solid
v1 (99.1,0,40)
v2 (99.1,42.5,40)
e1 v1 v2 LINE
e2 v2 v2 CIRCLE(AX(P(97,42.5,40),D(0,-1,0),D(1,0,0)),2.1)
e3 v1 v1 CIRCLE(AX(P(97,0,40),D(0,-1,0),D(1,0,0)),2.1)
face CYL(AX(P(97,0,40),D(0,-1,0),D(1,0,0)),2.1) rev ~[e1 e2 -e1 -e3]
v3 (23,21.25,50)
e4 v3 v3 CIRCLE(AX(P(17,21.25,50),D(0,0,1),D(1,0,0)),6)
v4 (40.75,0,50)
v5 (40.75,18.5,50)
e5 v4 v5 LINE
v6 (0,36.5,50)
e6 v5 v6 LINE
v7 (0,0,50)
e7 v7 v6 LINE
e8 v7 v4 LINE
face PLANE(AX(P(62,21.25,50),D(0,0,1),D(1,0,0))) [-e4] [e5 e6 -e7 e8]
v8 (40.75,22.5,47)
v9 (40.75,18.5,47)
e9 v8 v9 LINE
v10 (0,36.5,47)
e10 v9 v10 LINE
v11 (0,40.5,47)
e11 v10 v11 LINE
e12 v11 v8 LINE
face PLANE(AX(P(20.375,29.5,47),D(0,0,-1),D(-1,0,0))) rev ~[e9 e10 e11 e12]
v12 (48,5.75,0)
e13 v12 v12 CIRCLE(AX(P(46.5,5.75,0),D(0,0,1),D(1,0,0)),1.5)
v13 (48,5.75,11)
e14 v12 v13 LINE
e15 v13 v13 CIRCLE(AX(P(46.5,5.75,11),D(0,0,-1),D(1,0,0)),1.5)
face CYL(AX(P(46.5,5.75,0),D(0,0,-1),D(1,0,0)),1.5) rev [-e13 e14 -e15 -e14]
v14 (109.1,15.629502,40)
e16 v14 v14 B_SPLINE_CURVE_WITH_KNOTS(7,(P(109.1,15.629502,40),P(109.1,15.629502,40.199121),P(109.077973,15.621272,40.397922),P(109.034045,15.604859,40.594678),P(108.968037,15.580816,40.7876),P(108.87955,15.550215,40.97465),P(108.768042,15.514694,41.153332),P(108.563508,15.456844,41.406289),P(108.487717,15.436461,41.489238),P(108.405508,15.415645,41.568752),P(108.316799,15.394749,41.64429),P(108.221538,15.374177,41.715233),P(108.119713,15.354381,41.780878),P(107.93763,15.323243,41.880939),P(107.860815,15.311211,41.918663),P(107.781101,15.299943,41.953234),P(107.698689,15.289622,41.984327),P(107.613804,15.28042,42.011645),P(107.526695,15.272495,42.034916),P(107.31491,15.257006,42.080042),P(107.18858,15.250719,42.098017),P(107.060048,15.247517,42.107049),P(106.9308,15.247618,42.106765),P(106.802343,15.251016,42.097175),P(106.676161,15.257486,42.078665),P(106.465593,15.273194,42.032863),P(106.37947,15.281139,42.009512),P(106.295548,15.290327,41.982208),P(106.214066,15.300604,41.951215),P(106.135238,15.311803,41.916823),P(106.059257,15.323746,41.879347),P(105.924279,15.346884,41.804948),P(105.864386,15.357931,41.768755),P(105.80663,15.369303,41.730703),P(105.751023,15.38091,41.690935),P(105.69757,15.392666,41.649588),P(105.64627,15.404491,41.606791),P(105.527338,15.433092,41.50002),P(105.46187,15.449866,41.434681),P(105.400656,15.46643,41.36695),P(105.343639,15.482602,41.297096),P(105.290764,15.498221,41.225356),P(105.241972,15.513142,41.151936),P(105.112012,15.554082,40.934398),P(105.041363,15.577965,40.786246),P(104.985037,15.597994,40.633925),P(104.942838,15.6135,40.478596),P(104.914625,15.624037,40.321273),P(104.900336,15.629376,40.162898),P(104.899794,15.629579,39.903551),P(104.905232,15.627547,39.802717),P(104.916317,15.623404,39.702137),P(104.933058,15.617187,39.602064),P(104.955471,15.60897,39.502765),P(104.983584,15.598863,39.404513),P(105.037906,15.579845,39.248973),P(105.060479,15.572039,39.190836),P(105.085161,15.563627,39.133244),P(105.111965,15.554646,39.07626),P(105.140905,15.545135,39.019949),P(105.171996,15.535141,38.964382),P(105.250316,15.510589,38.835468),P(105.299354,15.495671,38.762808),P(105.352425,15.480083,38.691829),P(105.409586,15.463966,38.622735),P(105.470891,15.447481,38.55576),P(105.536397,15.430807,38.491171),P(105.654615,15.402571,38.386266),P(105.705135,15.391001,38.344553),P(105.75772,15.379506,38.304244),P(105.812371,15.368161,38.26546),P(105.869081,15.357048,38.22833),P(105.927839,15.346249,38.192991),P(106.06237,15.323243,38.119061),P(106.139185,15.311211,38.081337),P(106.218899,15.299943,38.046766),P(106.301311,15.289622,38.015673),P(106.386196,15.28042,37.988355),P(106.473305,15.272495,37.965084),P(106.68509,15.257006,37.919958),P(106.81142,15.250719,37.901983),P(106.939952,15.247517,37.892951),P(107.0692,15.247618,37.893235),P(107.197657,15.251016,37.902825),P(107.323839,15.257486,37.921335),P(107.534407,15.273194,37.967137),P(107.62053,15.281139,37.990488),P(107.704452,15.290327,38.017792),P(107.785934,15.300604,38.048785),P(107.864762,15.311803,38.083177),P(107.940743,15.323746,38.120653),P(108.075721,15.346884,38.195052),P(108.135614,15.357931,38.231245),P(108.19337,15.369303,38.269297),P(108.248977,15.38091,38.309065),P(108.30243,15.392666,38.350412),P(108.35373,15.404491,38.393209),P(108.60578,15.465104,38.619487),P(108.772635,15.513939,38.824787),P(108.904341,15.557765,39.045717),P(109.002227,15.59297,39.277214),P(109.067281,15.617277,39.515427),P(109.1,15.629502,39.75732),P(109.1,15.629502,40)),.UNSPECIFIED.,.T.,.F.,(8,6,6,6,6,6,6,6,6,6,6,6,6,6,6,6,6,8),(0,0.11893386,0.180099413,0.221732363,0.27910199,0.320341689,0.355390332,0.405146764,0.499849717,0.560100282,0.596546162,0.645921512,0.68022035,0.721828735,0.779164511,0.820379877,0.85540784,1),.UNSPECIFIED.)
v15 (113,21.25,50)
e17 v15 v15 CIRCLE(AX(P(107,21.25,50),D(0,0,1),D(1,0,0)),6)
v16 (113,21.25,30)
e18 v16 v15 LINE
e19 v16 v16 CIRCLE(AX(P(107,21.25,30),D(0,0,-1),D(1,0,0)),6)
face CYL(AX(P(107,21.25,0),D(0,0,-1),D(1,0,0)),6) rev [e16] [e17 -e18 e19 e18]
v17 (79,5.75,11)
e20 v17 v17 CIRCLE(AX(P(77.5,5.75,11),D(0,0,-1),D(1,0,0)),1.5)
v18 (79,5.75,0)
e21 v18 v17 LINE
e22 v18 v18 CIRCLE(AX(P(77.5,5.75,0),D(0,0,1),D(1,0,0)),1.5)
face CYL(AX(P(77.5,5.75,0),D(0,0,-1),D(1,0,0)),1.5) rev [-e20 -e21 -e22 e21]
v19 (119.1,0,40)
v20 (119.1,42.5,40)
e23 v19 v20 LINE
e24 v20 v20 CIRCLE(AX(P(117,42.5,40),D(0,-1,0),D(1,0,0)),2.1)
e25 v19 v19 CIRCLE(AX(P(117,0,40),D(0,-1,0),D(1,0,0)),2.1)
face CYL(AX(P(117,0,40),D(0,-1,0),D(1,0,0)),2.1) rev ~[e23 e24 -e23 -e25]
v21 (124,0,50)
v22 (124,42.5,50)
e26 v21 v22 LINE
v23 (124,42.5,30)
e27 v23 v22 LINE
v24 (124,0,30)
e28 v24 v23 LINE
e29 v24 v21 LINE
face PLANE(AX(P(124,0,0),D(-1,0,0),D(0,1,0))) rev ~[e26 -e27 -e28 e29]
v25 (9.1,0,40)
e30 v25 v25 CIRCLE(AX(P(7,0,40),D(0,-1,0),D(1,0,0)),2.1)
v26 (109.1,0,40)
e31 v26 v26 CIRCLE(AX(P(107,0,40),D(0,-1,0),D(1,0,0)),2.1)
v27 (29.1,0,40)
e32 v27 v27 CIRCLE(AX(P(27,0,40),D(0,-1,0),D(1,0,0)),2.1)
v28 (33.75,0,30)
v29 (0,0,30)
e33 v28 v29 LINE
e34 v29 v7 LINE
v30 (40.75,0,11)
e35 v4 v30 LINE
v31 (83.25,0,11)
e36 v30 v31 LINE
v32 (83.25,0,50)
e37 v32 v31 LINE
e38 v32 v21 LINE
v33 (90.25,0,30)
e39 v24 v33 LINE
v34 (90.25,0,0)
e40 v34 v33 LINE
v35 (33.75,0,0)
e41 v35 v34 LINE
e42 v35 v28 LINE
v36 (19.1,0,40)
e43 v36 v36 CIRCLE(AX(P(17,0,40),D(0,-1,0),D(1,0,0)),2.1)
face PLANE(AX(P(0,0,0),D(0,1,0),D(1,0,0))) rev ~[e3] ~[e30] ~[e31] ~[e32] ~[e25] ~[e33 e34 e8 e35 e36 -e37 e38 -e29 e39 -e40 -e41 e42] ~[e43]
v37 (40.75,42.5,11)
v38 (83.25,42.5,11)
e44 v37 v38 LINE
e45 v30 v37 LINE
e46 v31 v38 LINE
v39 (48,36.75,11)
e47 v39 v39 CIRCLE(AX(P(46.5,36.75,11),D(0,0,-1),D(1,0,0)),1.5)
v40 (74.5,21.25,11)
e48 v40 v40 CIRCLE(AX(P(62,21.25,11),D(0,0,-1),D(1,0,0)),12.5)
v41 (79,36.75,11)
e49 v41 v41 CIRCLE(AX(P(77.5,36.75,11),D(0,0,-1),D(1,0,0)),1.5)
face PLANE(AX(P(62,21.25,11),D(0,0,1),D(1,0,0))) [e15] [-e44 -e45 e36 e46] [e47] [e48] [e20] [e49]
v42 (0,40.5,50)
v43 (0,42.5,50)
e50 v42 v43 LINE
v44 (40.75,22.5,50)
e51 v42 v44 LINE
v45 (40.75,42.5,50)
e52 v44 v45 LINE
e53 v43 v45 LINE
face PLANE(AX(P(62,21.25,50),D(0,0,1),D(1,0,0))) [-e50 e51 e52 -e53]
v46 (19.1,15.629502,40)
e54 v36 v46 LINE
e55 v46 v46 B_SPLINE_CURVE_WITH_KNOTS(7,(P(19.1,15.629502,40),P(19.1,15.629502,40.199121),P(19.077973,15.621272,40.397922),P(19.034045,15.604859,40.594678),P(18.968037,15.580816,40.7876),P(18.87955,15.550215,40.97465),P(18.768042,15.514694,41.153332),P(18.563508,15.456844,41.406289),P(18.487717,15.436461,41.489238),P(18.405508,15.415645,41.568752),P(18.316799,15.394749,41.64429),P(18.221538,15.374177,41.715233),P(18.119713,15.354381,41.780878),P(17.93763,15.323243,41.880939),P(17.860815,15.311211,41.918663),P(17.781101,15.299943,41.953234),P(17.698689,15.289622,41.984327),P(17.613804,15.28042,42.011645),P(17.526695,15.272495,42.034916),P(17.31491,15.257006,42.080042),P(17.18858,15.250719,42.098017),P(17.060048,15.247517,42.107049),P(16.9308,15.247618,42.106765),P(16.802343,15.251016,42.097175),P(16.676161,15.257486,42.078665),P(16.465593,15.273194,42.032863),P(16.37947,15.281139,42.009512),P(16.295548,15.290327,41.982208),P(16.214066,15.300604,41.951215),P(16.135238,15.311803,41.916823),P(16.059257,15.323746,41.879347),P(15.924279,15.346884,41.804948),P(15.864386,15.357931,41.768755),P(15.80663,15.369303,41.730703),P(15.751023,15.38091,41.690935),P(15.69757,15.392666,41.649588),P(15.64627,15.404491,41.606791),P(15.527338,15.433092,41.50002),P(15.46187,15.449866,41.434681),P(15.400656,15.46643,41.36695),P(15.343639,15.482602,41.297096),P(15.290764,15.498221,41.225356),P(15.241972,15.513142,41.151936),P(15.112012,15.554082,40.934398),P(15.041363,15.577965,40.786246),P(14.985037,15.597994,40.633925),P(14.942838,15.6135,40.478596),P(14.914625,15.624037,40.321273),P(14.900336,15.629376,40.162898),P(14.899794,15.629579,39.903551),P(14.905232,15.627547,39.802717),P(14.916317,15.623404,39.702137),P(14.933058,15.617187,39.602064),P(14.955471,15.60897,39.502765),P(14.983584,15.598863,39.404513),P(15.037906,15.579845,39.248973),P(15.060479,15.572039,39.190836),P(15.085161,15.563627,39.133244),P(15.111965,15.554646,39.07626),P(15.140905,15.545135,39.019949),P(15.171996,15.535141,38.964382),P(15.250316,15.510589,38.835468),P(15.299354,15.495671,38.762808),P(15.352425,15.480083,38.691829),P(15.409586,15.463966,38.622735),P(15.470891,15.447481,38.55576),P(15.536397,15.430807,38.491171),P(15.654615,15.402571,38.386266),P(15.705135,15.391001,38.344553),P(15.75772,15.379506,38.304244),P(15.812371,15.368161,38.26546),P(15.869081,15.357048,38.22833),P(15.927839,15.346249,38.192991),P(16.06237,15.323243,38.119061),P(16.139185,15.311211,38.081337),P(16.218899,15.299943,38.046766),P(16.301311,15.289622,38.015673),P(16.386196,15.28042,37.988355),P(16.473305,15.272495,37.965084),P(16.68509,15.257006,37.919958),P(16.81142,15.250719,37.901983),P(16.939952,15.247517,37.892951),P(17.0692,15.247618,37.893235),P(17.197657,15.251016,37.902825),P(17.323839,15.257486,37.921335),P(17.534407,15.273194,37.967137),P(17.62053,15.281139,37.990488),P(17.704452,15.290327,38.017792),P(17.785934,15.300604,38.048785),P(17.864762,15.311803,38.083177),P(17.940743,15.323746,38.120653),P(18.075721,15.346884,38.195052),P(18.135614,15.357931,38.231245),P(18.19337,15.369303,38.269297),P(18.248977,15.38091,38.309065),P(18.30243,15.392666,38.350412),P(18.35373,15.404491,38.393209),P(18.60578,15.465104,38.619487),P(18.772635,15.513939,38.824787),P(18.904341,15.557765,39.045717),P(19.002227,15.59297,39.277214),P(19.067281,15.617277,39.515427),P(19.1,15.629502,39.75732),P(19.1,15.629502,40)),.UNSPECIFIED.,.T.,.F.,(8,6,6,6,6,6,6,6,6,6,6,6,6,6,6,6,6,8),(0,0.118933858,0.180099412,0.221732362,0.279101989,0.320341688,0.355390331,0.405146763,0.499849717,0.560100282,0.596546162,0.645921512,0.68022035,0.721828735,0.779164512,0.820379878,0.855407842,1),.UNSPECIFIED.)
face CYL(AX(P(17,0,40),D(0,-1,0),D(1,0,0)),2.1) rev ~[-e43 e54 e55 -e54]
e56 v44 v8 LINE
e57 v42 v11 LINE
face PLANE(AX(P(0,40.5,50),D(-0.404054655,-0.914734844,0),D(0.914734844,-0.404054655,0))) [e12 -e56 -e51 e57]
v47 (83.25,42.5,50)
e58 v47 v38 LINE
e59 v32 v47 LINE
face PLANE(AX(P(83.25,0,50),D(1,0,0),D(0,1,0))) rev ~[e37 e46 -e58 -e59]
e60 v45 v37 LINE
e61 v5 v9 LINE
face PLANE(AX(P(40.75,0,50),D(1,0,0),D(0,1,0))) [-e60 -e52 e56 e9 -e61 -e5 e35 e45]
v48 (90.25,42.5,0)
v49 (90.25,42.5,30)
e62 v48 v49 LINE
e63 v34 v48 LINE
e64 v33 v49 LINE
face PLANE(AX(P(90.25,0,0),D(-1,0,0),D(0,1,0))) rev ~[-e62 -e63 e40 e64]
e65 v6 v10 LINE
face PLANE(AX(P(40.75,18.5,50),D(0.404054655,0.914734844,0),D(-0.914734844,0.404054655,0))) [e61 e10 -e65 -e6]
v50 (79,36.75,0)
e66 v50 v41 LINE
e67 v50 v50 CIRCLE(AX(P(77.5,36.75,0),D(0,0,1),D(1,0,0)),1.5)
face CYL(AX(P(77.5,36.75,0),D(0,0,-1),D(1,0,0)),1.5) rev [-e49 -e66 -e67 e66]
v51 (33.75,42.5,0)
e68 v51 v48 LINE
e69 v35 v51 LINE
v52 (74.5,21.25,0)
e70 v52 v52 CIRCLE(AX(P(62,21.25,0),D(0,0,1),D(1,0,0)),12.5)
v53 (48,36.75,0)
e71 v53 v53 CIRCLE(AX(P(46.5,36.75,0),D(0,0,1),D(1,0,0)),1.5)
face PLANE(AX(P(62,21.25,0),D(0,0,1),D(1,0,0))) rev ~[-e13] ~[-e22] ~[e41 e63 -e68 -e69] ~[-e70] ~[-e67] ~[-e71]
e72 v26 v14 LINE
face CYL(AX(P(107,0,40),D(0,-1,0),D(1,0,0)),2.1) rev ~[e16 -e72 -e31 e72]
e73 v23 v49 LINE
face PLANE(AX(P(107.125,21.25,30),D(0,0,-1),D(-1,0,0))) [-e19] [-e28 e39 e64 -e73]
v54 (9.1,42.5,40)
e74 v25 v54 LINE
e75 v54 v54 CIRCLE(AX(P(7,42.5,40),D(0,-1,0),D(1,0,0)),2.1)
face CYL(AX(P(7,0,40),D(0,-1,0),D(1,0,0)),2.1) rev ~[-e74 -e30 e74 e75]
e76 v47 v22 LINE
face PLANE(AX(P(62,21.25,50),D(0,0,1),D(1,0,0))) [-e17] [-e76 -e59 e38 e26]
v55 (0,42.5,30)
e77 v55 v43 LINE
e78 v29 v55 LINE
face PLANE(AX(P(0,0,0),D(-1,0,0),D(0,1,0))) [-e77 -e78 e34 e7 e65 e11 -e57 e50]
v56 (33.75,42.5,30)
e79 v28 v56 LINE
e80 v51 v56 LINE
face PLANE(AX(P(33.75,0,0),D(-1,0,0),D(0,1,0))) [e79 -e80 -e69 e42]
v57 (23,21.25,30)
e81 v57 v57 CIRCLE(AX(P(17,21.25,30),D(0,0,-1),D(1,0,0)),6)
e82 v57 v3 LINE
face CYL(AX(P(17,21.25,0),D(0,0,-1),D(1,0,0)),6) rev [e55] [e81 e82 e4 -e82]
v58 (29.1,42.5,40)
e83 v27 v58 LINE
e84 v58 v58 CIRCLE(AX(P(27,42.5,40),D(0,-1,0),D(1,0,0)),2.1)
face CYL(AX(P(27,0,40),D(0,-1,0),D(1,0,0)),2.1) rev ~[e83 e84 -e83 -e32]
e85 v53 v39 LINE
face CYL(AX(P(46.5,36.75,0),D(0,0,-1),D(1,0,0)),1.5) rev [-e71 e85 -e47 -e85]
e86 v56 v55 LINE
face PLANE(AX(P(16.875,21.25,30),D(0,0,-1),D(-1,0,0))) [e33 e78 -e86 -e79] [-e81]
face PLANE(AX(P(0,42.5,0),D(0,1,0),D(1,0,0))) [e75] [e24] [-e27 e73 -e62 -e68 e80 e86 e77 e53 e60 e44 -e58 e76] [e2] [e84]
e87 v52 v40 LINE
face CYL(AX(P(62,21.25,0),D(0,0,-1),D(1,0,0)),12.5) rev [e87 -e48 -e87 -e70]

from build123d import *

# Parameters (mm, degrees)
SKETCH2_W           = 124
SKETCH2_H           = 42.5
SKETCH2_R           = 12.5
SKETCH2_R_2         = 6
SKETCH2_R_3         = 1.5
BOSS_EXTRUDE1_DEPTH = 50
SKETCH3_W           = 42.5
SKETCH3_H           = 42.5
CUT_EXTRUDE1_DEPTH  = 39
SKETCH4_W           = 33.75
SKETCH4_H           = 42.5
CUT_EXTRUDE2_DEPTH  = 30
CUT_EXTRUDE3_REACH  = 44.5
SKETCH5_R           = 2.1
CUT_EXTRUDE4_DEPTH  = 3


with BuildPart() as part:
    # Sketch2 → Boss-Extrude1 (new body)
    with BuildSketch(Plane.XY):
        with Locations((62, 21.25)):
            Rectangle(SKETCH2_W, SKETCH2_H)
        with Locations((62, 21.25)):
            Circle(SKETCH2_R, mode=Mode.SUBTRACT)
        with Locations((107, 21.25)):
            Circle(SKETCH2_R_2, mode=Mode.SUBTRACT)
        with Locations((17, 21.25)):
            Circle(SKETCH2_R_2, mode=Mode.SUBTRACT)
        with Locations((46.5, 36.75)):
            Circle(SKETCH2_R_3, mode=Mode.SUBTRACT)
        with Locations((77.5, 36.75)):
            Circle(SKETCH2_R_3, mode=Mode.SUBTRACT)
        with Locations((77.5, 5.75)):
            Circle(SKETCH2_R_3, mode=Mode.SUBTRACT)
        with Locations((46.5, 5.75)):
            Circle(SKETCH2_R_3, mode=Mode.SUBTRACT)
    extrude(amount=BOSS_EXTRUDE1_DEPTH)

    # Sketch3 → Cut-Extrude1 (cut)
    with BuildSketch(Plane.XY.offset(50)):
        with Locations((62, 21.25)):
            Rectangle(SKETCH3_W, SKETCH3_H)
    extrude(amount=-CUT_EXTRUDE1_DEPTH, mode=Mode.SUBTRACT)

    # Sketch4 → Cut-Extrude2 (cut)
    with BuildSketch(Plane(origin=(0, 0, 0), x_dir=(-1, 0, 0), z_dir=(0, 0, -1))):
        with Locations((-107.125, 21.25)):
            Rectangle(SKETCH4_W, SKETCH4_H)
        with Locations((-16.875, 21.25)):
            Rectangle(SKETCH4_W, SKETCH4_H)
    extrude(amount=-CUT_EXTRUDE2_DEPTH, mode=Mode.SUBTRACT)

    # Sketch5 → Cut-Extrude3 (cut, up to next)
    with BuildSketch(Plane.XZ, mode=Mode.PRIVATE) as cut_extrude3_sk1:
        with Locations((7, 40)):
            Circle(SKETCH5_R)
    cut_extrude3_tool1 = extrude(cut_extrude3_sk1.sketch, amount=-CUT_EXTRUDE3_REACH, mode=Mode.PRIVATE) & part.part
    add(cut_extrude3_tool1.solids().sort_by_distance((7, 0, 40))[0], mode=Mode.SUBTRACT)
    # Sketch5 → Cut-Extrude3 (cut, up to next)
    with BuildSketch(Plane.XZ, mode=Mode.PRIVATE) as cut_extrude3_sk2:
        with Locations((27, 40)):
            Circle(SKETCH5_R)
    cut_extrude3_tool2 = extrude(cut_extrude3_sk2.sketch, amount=-CUT_EXTRUDE3_REACH, mode=Mode.PRIVATE) & part.part
    add(cut_extrude3_tool2.solids().sort_by_distance((27, 0, 40))[0], mode=Mode.SUBTRACT)
    # Sketch5 → Cut-Extrude3 (cut, up to next)
    with BuildSketch(Plane.XZ, mode=Mode.PRIVATE) as cut_extrude3_sk3:
        with Locations((97, 40)):
            Circle(SKETCH5_R)
    cut_extrude3_tool3 = extrude(cut_extrude3_sk3.sketch, amount=-CUT_EXTRUDE3_REACH, mode=Mode.PRIVATE) & part.part
    add(cut_extrude3_tool3.solids().sort_by_distance((97, 0, 40))[0], mode=Mode.SUBTRACT)
    # Sketch5 → Cut-Extrude3 (cut, up to next)
    with BuildSketch(Plane.XZ, mode=Mode.PRIVATE) as cut_extrude3_sk4:
        with Locations((117, 40)):
            Circle(SKETCH5_R)
    cut_extrude3_tool4 = extrude(cut_extrude3_sk4.sketch, amount=-CUT_EXTRUDE3_REACH, mode=Mode.PRIVATE) & part.part
    add(cut_extrude3_tool4.solids().sort_by_distance((117, 0, 40))[0], mode=Mode.SUBTRACT)
    # Sketch5 → Cut-Extrude3 (cut, up to next)
    with BuildSketch(Plane.XZ, mode=Mode.PRIVATE) as cut_extrude3_sk5:
        with Locations((17, 40)):
            Circle(SKETCH5_R)
    cut_extrude3_tool5 = extrude(cut_extrude3_sk5.sketch, amount=-CUT_EXTRUDE3_REACH, mode=Mode.PRIVATE) & part.part
    add(cut_extrude3_tool5.solids().sort_by_distance((17, 0, 40))[0], mode=Mode.SUBTRACT)
    # Sketch5 → Cut-Extrude3 (cut, up to next)
    with BuildSketch(Plane.XZ, mode=Mode.PRIVATE) as cut_extrude3_sk6:
        with Locations((107, 40)):
            Circle(SKETCH5_R)
    cut_extrude3_tool6 = extrude(cut_extrude3_sk6.sketch, amount=-CUT_EXTRUDE3_REACH, mode=Mode.PRIVATE) & part.part
    add(cut_extrude3_tool6.solids().sort_by_distance((107, 0, 40))[0], mode=Mode.SUBTRACT)

    # Sketch7 → Cut-Extrude4 (cut)
    with BuildSketch(Plane.XY.offset(50)):
        Polygon((0, 40.5), (40.75, 22.5), (40.75, 18.5), (0, 36.5), align=None)
    extrude(amount=-CUT_EXTRUDE4_DEPTH, mode=Mode.SUBTRACT)


solid = part.part
